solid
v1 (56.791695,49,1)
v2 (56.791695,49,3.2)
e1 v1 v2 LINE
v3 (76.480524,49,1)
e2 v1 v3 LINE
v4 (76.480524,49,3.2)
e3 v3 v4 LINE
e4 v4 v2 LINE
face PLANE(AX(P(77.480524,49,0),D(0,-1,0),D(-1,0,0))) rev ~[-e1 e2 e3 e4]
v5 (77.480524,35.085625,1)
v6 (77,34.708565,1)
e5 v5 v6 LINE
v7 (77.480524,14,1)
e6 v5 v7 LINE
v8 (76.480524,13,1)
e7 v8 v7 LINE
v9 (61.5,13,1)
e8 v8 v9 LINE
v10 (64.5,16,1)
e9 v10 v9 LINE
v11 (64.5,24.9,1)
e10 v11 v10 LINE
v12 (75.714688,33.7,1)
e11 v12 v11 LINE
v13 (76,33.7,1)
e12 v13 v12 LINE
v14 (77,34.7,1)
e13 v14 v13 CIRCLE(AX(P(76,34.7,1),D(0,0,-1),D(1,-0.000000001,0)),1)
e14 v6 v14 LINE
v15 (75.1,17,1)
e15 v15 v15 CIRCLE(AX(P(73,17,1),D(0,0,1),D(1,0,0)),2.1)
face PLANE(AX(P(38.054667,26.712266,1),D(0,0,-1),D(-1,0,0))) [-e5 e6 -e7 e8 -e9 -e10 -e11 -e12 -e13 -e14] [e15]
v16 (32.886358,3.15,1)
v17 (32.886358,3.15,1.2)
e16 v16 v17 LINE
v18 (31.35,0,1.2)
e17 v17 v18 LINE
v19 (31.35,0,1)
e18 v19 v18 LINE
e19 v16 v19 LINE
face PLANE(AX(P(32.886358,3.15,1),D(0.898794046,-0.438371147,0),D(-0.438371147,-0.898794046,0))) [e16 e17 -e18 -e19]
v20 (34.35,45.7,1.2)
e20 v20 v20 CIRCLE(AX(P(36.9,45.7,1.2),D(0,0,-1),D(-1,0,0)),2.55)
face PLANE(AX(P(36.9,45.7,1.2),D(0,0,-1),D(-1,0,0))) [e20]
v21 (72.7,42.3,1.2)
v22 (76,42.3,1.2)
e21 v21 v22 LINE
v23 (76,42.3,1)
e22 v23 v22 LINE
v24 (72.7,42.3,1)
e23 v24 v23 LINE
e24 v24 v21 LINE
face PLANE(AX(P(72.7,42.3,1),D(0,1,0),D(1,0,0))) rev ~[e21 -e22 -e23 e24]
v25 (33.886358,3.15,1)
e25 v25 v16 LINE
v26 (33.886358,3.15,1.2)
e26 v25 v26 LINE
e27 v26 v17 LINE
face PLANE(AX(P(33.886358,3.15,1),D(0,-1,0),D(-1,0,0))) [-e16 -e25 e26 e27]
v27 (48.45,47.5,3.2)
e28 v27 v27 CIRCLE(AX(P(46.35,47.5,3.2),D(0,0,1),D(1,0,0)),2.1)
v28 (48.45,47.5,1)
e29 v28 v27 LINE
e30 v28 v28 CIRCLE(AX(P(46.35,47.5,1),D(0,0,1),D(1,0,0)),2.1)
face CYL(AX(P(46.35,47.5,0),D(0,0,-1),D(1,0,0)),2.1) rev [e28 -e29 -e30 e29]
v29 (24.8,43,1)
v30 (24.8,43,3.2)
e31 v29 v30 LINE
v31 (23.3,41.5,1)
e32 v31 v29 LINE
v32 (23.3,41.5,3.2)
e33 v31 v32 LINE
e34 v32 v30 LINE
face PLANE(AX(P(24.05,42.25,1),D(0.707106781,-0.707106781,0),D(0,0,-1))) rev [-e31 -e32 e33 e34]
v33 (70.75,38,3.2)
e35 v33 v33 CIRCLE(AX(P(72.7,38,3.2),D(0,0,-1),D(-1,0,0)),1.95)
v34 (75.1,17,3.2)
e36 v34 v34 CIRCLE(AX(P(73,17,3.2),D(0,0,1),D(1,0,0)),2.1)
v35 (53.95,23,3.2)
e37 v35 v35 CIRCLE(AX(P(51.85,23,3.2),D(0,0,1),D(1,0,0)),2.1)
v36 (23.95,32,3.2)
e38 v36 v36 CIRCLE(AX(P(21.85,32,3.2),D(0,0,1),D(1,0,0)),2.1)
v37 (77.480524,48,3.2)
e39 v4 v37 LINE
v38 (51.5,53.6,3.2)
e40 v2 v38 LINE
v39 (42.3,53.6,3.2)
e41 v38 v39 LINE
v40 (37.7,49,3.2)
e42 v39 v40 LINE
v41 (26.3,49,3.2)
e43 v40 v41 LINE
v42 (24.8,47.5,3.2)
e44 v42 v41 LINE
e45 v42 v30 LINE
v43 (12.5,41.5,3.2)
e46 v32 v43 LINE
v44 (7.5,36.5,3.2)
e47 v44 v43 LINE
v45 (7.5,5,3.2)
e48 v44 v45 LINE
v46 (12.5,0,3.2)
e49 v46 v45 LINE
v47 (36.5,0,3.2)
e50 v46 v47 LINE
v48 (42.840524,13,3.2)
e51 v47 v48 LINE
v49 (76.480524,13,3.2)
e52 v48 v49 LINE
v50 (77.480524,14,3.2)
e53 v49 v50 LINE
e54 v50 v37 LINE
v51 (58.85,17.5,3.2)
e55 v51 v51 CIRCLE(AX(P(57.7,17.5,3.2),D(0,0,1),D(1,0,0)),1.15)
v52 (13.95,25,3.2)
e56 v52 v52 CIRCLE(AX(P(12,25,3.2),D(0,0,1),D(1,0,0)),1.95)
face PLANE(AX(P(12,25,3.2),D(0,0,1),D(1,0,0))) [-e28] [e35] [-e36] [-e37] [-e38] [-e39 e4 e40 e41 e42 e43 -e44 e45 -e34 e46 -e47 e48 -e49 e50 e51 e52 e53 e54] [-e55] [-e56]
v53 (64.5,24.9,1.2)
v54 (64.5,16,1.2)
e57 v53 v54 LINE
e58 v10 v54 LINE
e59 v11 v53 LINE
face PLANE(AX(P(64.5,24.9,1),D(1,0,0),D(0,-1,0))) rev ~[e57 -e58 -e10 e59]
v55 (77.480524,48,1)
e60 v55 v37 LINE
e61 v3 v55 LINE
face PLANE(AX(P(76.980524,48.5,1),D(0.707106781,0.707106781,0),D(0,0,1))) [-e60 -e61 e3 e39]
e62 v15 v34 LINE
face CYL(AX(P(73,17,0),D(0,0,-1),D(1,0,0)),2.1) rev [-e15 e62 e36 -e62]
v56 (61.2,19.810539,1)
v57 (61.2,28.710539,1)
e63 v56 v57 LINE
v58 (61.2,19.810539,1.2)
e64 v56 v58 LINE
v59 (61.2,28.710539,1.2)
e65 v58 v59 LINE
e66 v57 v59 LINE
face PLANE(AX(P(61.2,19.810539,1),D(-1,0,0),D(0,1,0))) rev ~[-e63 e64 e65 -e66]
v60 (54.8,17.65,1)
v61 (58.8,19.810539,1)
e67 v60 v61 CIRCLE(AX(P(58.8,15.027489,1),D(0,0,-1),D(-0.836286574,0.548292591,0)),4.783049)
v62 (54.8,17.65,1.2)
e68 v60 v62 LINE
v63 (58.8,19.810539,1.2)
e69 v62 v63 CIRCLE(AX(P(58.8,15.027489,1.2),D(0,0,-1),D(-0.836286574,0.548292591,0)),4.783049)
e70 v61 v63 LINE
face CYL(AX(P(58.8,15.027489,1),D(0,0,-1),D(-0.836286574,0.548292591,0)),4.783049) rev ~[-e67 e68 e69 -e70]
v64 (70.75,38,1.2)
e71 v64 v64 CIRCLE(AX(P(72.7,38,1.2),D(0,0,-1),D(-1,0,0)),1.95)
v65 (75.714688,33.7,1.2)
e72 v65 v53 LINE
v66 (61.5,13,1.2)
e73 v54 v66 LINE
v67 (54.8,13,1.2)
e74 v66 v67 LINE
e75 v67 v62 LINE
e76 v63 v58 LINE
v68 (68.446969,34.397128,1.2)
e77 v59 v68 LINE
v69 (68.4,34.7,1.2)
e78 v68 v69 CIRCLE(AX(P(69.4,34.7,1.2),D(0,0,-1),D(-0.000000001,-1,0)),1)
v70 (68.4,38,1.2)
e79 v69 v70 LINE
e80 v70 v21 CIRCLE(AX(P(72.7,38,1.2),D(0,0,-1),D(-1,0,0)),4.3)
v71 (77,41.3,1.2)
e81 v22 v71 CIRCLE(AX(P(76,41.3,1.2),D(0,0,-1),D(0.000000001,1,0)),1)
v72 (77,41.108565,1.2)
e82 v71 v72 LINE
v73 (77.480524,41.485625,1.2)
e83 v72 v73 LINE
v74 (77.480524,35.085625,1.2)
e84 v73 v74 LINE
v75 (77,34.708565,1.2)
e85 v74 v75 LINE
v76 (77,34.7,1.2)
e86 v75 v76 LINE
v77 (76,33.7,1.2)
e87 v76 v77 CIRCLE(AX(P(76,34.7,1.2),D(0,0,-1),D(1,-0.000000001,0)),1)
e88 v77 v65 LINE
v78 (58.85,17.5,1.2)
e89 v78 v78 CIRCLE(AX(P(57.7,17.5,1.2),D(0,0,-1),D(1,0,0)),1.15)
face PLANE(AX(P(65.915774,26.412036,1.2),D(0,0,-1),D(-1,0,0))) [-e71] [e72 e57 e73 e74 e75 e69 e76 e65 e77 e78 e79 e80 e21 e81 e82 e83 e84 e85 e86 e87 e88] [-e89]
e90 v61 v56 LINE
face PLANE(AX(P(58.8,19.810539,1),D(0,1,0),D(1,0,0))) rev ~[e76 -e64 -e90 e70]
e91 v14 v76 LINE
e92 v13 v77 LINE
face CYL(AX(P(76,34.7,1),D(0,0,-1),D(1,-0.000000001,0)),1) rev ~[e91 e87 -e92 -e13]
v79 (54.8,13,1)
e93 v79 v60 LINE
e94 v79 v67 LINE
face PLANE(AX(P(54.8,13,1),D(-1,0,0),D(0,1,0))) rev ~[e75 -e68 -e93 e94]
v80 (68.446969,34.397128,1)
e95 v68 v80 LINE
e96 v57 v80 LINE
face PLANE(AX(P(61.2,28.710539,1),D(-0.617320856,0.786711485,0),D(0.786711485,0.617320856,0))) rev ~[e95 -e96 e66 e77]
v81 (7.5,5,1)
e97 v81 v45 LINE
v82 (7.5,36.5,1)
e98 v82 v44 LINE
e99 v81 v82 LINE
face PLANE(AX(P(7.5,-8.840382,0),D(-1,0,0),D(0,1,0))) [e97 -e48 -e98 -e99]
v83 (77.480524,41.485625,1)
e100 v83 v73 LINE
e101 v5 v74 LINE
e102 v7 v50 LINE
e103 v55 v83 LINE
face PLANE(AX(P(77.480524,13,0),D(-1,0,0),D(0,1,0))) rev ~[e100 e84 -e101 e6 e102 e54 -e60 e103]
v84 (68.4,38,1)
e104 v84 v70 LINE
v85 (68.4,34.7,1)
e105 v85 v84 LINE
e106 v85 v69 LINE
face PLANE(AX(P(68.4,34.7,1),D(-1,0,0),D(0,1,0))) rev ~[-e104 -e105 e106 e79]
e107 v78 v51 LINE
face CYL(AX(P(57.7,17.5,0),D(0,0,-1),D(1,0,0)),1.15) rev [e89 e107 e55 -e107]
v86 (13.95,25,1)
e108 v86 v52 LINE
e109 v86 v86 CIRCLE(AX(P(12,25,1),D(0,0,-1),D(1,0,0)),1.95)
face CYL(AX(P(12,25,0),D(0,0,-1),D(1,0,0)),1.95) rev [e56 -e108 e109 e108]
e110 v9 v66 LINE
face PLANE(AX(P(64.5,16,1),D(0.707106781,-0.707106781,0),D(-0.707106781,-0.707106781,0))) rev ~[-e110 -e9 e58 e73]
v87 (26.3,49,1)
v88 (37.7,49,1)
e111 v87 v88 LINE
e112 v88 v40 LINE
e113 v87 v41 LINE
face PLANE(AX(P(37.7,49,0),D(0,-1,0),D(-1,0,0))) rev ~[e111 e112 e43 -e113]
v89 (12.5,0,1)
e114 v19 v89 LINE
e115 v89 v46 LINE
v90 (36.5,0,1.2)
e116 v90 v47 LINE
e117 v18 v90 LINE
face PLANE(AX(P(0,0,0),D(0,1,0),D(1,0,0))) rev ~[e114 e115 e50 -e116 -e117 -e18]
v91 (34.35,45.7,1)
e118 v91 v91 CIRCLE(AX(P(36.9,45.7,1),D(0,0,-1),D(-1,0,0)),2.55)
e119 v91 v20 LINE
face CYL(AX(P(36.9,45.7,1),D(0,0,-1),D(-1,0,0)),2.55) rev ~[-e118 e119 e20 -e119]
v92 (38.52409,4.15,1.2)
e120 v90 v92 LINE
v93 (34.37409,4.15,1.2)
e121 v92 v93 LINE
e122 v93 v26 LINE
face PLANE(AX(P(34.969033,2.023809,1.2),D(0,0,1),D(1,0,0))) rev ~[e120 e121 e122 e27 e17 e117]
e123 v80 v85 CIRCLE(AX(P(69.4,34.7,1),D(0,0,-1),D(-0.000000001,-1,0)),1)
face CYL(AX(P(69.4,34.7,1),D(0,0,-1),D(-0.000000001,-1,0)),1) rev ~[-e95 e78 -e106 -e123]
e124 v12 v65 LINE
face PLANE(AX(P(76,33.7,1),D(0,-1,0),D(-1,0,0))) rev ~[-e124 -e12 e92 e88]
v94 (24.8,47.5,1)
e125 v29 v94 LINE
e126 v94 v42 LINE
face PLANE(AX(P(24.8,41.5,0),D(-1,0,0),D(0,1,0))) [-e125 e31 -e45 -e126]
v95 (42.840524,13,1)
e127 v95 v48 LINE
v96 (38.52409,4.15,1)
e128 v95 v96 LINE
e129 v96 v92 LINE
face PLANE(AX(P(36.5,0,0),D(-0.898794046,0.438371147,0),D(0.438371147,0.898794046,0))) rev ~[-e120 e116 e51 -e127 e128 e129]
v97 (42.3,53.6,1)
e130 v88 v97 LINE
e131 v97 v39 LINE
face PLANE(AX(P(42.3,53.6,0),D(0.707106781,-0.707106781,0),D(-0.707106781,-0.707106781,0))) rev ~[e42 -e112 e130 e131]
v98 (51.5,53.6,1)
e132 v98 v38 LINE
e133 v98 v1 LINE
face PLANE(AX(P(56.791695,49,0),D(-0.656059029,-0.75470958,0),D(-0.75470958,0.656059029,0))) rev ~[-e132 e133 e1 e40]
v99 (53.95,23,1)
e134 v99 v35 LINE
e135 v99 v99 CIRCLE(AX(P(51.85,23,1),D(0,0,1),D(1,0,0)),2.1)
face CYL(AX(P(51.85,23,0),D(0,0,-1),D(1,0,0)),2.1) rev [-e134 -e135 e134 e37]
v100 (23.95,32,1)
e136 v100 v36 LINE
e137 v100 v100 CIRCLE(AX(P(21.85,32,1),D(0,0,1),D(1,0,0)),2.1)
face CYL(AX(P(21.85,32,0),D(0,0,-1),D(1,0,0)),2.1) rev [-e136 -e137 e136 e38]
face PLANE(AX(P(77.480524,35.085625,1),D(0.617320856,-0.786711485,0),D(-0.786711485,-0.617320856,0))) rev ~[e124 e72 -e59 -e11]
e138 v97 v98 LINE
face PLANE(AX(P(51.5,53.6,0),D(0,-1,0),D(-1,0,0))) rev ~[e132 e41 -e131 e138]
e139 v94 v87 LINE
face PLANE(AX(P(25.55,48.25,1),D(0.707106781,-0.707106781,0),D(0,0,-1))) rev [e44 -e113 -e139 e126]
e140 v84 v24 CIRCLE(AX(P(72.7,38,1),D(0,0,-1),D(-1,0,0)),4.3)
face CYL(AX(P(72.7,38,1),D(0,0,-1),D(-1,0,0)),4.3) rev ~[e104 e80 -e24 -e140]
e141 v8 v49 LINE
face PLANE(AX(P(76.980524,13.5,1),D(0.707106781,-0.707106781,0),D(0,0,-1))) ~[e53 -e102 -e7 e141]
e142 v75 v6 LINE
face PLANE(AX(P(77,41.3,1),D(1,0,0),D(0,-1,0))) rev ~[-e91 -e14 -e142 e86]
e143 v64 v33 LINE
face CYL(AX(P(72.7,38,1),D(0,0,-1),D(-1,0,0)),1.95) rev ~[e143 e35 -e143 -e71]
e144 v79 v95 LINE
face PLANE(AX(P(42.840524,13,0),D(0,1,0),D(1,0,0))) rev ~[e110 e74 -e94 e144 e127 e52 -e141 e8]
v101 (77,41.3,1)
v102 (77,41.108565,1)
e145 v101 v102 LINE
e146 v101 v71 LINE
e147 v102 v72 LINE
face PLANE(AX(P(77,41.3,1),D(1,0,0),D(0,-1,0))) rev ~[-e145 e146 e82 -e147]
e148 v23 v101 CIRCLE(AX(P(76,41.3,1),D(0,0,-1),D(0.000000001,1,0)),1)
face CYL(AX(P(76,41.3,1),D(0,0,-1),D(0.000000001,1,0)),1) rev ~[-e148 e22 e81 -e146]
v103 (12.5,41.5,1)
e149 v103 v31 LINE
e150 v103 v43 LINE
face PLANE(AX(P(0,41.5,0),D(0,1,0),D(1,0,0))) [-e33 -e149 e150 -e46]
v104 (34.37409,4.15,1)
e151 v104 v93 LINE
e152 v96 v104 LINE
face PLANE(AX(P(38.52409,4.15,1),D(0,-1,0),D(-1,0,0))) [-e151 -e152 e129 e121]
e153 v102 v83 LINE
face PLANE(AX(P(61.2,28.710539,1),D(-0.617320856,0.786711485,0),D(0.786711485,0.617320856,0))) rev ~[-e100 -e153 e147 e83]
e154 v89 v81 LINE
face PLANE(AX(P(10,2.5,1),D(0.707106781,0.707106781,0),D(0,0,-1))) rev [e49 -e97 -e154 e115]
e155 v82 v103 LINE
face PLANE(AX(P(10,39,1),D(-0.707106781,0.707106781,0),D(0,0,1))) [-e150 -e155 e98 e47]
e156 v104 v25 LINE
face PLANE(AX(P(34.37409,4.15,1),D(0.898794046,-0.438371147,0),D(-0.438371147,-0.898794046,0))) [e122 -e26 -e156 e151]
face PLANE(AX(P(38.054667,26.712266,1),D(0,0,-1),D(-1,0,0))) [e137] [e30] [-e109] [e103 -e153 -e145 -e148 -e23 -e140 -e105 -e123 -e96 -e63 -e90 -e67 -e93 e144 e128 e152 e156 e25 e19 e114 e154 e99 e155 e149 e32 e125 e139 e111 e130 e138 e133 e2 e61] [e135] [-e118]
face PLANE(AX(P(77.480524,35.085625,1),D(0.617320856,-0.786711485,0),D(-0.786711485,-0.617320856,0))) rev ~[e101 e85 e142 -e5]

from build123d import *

# Parameters (mm, degrees)
SKETCH_1_R          = 2.1
SKETCH_1_R_2        = 4.2
SKETCH_1_R_3        = 2.7
EXTRUDE_1_DEPTH     = 3.2
EXTRUDE_START       = -3.2
SKETCH_3_R          = 4.2
SKETCH_3_R_2        = 1.95
SKETCH_3_R_3        = 2.7
SKETCH_3_R_4        = 1.15
EXTRUDE_3_DEPTH     = 3.2
SKETCH_7_R          = 2.1
SKETCH_7_R_2        = 1.15
SKETCH_7_R_3        = 1.95
CUT_EXTRUDE_1_DEPTH = 1
CHAMFER_1_SIZE      = 1
CHAMFER_3_SIZE      = 1
SKETCH_12_R         = 1.95
CUT_EXTRUDE_2_DEPTH = 10
SKETCH_13_W         = 24.8
SKETCH_13_H         = 7.5
CUT_EXTRUDE_3_DEPTH = 10
CHAMFER_4_SIZE      = 1.5
SKETCH_15_R         = 2.55
CUT_EXTRUDE_5_DEPTH = 0.2
CHAMFER_5_SIZE      = 1
CUT_EXTRUDE_6_DEPTH = 0.2
SKETCH_17_W         = 17.729564923
SKETCH_17_H         = 70.765418615
CUT_EXTRUDE_7_DEPTH = 10
CHAMFER_6_SIZE      = 5


with BuildPart() as part:
    # 스케치1 → 보스-돌출1 (new body)
    with BuildSketch(Plane.XY):
        Polygon((0, 0), (36.5, 0), (42.840523651, 13), (77.480523651, 13), (77.480523651, 49), (56.791694673, 49), (51.5, 53.6), (42.3, 53.6), (37.7, 49), (11.9, 49), (0, 37.1), align=None)
        with Locations((46.35, 47.5)):
            Circle(SKETCH_1_R, mode=Mode.SUBTRACT)
        with Locations((12, 25)):
            Circle(SKETCH_1_R_2, mode=Mode.SUBTRACT)
        with Locations((57.7, 17.5)):
            Circle(SKETCH_1_R_3, mode=Mode.SUBTRACT)
        with Locations((51.85, 23)):
            Circle(SKETCH_1_R, mode=Mode.SUBTRACT)
        with Locations((73, 17)):
            Circle(SKETCH_1_R, mode=Mode.SUBTRACT)
        with Locations((21.85, 32)):
            Circle(SKETCH_1_R, mode=Mode.SUBTRACT)
    extrude(amount=EXTRUDE_1_DEPTH)

    # 스케치3 → 보스-돌출3 (add)
    # profile 1 of 2: a face of its own
    with BuildSketch(Plane.XY.offset(3.2).offset(EXTRUDE_START)):
        with Locations((12, 25)):
            Circle(SKETCH_3_R)
        with Locations((12, 25)):
            Circle(SKETCH_3_R_2, mode=Mode.SUBTRACT)
    # profile 2 of 2: a face of its own
    with BuildSketch(Plane.XY.offset(3.2).offset(EXTRUDE_START)):
        with Locations((57.7, 17.5)):
            Circle(SKETCH_3_R_3)
        with Locations((57.7, 17.5)):
            Circle(SKETCH_3_R_4, mode=Mode.SUBTRACT)
    extrude(amount=EXTRUDE_3_DEPTH)

    # 스케치7 → 컷-돌출1 (cut)
    with BuildSketch(Plane(origin=(0, 0, 0), x_dir=(-1, 0, 0), z_dir=(0, 0, -1))):
        Polygon((-11.9, 49), (-37.7, 49), (-42.3, 53.6), (-51.5, 53.6), (-56.791694673, 49), (-77.480523651, 49), (-77.480523651, 13), (-42.840523651, 13), (-36.5, 0), (0, 0), (0, 37.1), align=None)
        with Locations((-73, 17)):
            Circle(SKETCH_7_R, mode=Mode.SUBTRACT)
        with Locations(Location((-57.7, 17.5, 0), (0, 0, 180))):
            Circle(SKETCH_7_R_2, mode=Mode.SUBTRACT)
        with Locations((-51.85, 23)):
            Circle(SKETCH_7_R, mode=Mode.SUBTRACT)
        with Locations((-21.85, 32)):
            Circle(SKETCH_7_R, mode=Mode.SUBTRACT)
        with Locations(Location((-12, 25, 0), (0, 0, 180))):
            Circle(SKETCH_7_R_3, mode=Mode.SUBTRACT)
        with Locations((-46.35, 47.5)):
            Circle(SKETCH_7_R, mode=Mode.SUBTRACT)
    extrude(amount=-CUT_EXTRUDE_1_DEPTH, mode=Mode.SUBTRACT)

    # 모따기1
    chamfer_1_edges = [part.edges().sort_by_distance(p)[0] for p in [
        (0, 0, 2.1),
    ]]
    chamfer(chamfer_1_edges, length=CHAMFER_1_SIZE)

    # 모따기3
    chamfer_3_edges = [part.edges().sort_by_distance(p)[0] for p in [
        (77.480523651, 13, 2.1),
    ]]
    chamfer(chamfer_3_edges, length=CHAMFER_3_SIZE)

    # 스케치12 → 컷-돌출2 (cut)
    with BuildSketch(Plane(origin=(0, 0, 1), x_dir=(-1, 0, 0), z_dir=(0, 0, -1))):
        with Locations((-72.7, 38)):
            Circle(SKETCH_12_R)
    extrude(amount=-CUT_EXTRUDE_2_DEPTH, mode=Mode.SUBTRACT)

    # 스케치13 → 컷-돌출3 (cut)
    with BuildSketch(Plane.XY):
        with Locations((12.4, 45.25)):
            Rectangle(SKETCH_13_W, SKETCH_13_H)
    extrude(amount=CUT_EXTRUDE_3_DEPTH, mode=Mode.SUBTRACT)

    # 모따기4
    chamfer_4_edges = [part.edges().sort_by_distance(p)[0] for p in [
        (24.8, 49, 2.1),
        (24.8, 41.5, 2.1),
    ]]
    chamfer(chamfer_4_edges, length=CHAMFER_4_SIZE)

    # 스케치15 → 컷-돌출5 (cut)
    with BuildSketch(Plane(origin=(0, 0, 1), x_dir=(-1, 0, 0), z_dir=(0, 0, -1))):
        with Locations((-36.9, 45.7)):
            Circle(SKETCH_15_R)
        with BuildLine():
            Line((-72.7, 42.3), (-76, 42.3))
            ThreePointArc((-76, 42.3), (-76.707106781, 42.007106781), (-77, 41.3))
            Line((-77, 41.3), (-77, 34.7))
            ThreePointArc((-77, 34.7), (-76.707106781, 33.992893219), (-76, 33.7))
            Line((-76, 33.7), (-69.4, 33.7))
            ThreePointArc((-69.4, 33.7), (-68.692893219, 33.992893219), (-68.4, 34.7))
            Line((-68.4, 34.7), (-68.4, 38))
            ThreePointArc((-68.4, 38), (-69.659440841, 41.040559159), (-72.7, 42.3))
        make_face()
    extrude(amount=-CUT_EXTRUDE_5_DEPTH, mode=Mode.SUBTRACT)

    # 모따기5
    chamfer_5_edges = [part.edges().sort_by_distance(p)[0] for p in [
        (77.480523651, 49, 2.1),
    ]]
    chamfer(chamfer_5_edges, length=CHAMFER_5_SIZE)

    # 스케치16 → 컷-돌출6 (cut)
    with BuildSketch(Plane(origin=(0, 0, 1), x_dir=(-1, 0, 0), z_dir=(0, 0, -1))):
        with BuildLine():
            Line((-61.2, 19.810538853), (-61.2, 28.710538853))
            Line((-61.2, 28.710538853), (-77.480523651, 41.485624748))
            Line((-77.480523651, 41.485624748), (-77.480523651, 35.085624748))
            Line((-77.480523651, 35.085624748), (-64.5, 24.9))
            Line((-64.5, 24.9), (-64.5, 16))
            Line((-64.5, 16), (-61.5, 13))
            Line((-61.5, 13), (-61.2, 13))
            Line((-61.2, 13), (-54.8, 13))
            Line((-54.8, 13), (-54.8, 17.65))
            ThreePointArc((-54.8, 17.65), (-56.526900347, 19.23588339), (-58.8, 19.810538853))
            Line((-58.8, 19.810538853), (-61.2, 19.810538853))
        make_face()
        Polygon((-38.524090243, 4.15), (-34.374090243, 4.15), (-33.886357654, 3.15), (-32.886357654, 3.15), (-31.35, 0), (-36.5, 0), align=None)
    extrude(amount=-CUT_EXTRUDE_6_DEPTH, mode=Mode.SUBTRACT)

    # 스케치17 → 컷-돌출7 (cut)
    with BuildSketch(Plane.XY):
        with Locations((-1.364782461, 26.542327615)):
            Rectangle(SKETCH_17_W, SKETCH_17_H)
    extrude(amount=CUT_EXTRUDE_7_DEPTH, mode=Mode.SUBTRACT)

    # 모따기6
    chamfer_6_edges = [part.edges().sort_by_distance(p)[0] for p in [
        (7.5, 41.5, 2.1),
        (7.5, 0, 2.1),
    ]]
    chamfer(chamfer_6_edges, length=CHAMFER_6_SIZE)


solid = part.part
